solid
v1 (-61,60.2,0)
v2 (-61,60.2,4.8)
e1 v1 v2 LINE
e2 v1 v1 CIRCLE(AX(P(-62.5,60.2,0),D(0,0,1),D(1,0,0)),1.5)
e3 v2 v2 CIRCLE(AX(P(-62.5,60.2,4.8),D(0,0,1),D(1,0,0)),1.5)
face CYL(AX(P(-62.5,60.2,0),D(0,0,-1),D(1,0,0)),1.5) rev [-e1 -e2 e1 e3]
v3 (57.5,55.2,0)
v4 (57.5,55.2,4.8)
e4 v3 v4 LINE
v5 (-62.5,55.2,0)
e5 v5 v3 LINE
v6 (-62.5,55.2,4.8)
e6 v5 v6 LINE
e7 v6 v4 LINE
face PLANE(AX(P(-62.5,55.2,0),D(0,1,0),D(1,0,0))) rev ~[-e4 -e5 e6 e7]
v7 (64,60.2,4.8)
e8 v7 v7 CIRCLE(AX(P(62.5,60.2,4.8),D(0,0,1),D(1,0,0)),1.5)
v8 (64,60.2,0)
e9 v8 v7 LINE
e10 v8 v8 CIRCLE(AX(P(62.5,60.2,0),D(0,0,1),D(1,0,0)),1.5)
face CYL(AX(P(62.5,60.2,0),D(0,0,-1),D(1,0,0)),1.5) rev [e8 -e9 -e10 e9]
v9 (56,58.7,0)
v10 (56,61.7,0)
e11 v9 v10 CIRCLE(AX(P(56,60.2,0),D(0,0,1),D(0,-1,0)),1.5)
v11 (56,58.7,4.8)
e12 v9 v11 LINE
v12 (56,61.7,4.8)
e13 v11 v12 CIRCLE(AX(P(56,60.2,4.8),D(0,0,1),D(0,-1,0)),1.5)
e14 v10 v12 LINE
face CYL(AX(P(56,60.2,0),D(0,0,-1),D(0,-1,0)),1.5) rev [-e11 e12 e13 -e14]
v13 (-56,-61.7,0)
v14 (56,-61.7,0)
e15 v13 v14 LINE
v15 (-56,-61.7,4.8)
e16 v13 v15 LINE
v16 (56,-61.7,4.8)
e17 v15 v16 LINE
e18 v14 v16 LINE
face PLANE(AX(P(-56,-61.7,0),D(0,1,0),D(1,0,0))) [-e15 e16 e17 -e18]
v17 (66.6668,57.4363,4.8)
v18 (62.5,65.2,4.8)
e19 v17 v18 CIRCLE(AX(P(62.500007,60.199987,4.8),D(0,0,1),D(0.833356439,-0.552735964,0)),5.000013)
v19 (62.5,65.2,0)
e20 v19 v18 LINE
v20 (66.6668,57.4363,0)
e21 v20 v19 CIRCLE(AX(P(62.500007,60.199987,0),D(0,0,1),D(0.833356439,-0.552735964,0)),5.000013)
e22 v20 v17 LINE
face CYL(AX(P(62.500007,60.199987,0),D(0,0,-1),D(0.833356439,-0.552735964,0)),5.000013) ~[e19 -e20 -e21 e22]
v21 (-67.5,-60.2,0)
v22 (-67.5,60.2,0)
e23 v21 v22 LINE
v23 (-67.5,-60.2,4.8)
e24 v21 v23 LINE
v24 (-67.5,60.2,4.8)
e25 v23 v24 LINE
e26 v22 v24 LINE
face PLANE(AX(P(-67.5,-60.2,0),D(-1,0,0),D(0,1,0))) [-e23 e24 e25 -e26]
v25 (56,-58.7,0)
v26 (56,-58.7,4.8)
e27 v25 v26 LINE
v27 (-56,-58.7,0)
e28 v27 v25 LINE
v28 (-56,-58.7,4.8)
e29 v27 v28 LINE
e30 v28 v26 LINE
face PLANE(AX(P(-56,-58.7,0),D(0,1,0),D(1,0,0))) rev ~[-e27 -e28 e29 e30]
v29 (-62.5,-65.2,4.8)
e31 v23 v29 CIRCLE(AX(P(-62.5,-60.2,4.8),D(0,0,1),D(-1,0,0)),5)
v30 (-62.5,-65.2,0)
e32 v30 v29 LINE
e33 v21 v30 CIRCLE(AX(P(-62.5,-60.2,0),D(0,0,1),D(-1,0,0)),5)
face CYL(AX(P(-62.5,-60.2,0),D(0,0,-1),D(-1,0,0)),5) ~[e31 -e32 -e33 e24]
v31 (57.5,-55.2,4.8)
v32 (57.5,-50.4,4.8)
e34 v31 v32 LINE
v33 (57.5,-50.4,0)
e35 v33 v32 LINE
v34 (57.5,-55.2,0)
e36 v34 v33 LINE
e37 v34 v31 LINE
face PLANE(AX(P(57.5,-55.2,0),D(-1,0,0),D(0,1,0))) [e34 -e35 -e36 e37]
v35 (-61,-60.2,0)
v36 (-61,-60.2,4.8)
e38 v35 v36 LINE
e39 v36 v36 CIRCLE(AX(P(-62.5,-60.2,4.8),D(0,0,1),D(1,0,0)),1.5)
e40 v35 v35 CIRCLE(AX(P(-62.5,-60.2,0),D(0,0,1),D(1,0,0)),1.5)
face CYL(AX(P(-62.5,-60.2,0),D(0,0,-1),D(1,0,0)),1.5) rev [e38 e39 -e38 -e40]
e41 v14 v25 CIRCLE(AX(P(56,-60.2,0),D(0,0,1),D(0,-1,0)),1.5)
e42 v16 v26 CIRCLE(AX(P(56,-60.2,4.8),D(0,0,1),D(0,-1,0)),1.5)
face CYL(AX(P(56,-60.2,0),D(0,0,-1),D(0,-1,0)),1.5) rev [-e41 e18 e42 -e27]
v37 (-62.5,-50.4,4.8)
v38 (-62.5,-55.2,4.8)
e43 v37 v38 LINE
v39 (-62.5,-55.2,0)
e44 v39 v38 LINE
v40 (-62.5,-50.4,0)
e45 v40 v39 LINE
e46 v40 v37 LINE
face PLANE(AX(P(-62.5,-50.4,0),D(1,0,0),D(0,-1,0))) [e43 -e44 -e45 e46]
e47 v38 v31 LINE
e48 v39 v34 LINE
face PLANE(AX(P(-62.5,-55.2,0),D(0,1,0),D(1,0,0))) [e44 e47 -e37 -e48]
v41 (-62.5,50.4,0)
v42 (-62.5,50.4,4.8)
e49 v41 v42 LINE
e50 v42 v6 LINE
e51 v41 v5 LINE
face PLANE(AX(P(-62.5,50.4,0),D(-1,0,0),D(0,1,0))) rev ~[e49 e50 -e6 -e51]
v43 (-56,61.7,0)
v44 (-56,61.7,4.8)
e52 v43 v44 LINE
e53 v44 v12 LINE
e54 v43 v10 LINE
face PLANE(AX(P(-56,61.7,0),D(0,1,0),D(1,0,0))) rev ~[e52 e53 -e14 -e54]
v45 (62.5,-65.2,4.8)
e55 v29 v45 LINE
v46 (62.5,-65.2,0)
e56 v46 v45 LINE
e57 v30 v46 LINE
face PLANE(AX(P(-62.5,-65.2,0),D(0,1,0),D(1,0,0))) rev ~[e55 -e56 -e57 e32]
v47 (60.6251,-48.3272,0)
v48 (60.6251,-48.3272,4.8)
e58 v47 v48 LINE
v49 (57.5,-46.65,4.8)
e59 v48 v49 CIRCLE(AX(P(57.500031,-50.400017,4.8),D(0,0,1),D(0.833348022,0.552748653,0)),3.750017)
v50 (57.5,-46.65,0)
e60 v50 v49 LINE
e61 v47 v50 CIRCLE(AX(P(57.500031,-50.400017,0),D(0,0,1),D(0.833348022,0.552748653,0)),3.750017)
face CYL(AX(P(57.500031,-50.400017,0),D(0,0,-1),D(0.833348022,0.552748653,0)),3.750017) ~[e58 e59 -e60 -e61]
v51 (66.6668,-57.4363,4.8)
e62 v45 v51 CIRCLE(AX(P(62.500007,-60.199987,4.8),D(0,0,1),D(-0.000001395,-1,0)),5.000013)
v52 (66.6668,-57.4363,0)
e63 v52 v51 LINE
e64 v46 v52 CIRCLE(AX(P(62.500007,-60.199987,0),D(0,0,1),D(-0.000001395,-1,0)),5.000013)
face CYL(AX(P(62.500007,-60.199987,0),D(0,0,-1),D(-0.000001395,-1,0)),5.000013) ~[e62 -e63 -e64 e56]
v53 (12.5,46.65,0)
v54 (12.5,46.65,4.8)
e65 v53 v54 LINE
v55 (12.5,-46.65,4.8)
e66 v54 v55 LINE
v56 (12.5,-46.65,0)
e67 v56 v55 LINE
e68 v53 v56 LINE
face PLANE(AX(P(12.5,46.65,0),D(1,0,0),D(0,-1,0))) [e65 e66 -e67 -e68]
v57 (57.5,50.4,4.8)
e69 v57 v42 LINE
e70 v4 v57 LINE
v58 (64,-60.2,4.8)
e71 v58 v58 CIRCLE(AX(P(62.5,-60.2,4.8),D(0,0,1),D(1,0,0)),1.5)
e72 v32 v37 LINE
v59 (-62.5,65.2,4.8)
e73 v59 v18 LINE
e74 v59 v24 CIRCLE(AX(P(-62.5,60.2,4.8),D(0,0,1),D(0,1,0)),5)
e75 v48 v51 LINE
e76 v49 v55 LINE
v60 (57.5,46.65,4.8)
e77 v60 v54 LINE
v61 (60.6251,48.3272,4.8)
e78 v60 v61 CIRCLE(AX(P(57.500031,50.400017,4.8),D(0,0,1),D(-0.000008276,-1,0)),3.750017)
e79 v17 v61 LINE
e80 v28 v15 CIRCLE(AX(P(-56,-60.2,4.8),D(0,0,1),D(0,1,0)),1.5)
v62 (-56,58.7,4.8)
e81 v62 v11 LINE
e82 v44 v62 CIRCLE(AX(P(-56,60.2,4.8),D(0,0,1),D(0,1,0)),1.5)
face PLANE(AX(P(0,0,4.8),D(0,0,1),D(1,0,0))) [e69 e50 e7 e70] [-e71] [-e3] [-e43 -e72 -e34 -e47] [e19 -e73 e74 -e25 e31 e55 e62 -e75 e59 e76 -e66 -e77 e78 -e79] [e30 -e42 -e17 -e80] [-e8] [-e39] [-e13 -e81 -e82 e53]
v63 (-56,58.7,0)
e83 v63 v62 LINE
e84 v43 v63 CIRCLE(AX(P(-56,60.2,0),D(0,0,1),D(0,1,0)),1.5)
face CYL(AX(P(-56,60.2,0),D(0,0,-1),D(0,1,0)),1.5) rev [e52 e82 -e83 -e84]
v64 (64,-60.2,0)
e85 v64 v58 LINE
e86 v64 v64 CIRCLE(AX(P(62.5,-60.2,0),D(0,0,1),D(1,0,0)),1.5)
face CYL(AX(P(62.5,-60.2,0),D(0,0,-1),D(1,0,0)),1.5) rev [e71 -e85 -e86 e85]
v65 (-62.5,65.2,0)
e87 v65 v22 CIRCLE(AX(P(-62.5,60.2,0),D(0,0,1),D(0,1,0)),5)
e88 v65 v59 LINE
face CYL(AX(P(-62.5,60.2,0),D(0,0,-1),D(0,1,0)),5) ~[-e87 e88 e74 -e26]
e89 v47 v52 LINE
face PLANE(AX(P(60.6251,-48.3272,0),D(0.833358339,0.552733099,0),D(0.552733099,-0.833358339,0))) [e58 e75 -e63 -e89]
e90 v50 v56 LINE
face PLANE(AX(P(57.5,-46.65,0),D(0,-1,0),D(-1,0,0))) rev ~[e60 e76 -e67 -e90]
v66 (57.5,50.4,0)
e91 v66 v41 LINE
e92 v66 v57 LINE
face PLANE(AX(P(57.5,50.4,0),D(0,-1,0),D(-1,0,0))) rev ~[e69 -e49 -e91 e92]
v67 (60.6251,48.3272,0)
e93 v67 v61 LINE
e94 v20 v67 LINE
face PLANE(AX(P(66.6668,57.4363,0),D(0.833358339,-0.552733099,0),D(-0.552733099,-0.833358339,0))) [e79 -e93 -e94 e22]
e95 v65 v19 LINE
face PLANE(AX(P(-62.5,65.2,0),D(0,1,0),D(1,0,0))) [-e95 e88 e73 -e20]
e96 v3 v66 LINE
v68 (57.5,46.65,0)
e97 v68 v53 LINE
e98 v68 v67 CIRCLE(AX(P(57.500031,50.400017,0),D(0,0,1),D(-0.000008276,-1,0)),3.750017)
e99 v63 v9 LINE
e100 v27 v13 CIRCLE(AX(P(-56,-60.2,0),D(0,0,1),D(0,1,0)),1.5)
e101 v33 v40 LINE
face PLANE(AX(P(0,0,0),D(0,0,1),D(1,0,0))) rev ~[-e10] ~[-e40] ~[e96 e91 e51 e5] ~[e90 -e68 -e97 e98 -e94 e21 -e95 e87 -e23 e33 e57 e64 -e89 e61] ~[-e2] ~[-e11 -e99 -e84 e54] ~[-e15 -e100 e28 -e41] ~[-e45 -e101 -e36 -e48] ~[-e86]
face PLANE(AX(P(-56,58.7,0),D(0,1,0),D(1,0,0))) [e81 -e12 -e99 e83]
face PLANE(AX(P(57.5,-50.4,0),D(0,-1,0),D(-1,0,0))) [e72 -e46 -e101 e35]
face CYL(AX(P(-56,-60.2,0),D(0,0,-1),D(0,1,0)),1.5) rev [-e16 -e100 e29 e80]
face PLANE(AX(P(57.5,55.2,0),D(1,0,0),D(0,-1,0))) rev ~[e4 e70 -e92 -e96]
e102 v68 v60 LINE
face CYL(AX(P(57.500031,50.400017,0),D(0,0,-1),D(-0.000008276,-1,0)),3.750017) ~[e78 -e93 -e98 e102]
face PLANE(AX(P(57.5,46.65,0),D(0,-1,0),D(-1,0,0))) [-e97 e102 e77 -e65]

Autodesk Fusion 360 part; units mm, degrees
sketch "Sketch1" plane through (0, 0, 0) normal (0, 0, 1) x (1, 0, 0)
  line L0 (-62.5, 60.2) -> (62.5, 60.2) construction
  line L1 (62.5, 60.2) -> (62.5, -60.2) construction
  line L2 (62.5, -60.2) -> (-62.5, -60.2) construction
  line L3 (-62.5, -60.2) -> (-62.5, 60.2) construction
  line L4 (0, 0) -> (0, 60.2) construction
  line L5 (0, 0) -> (-62.5, 0) construction
  circle A0 centre (62.5, 60.2) radius 1.5
  circle A1 centre (-62.5, 60.2) radius 1.5
  circle A2 centre (62.5, -60.2) radius 1.5
  circle A3 centre (-62.5, -60.2) radius 1.5
  line L6 (-62.5, -65.2) -> (62.5, -65.2)
  line L7 (-67.5, -60.2) -> (-67.5, 60.2)
  line L8 (-62.5, 65.2) -> (62.5, 65.2)
  line L9 (-56, 61.7) -> (56, 61.7)
  line L10 (-56, 58.7) -> (56, 58.7)
  arc A4 (-56, 61.7) -> (-56, 58.7) centre (-56, 60.2) ccw
  arc A5 (56, 58.7) -> (56, 61.7) centre (56, 60.2) ccw
  arc A6 (-67.5, 60.2) -> (-62.5, 65.2) centre (-62.5, 60.2) ccw construction
  arc A7 (-62.5, 65.2) -> (-67.5, 60.2) centre (-62.5, 60.2) ccw
  line L11 (-62.5, 55.2) -> (57.5, 55.2)
  line L12 (57.5, 55.2) -> (57.5, 50.4)
  line L13 (57.5, 50.4) -> (-62.5, 50.4)
  line L14 (-62.5, 50.4) -> (-62.5, 55.2)
  line L15 (66.6668, 57.4363) -> (60.6251, 48.3272)
  arc A8 (62.5, 65.2) -> (66.6668, 57.4363) centre (62.5, 60.2) ccw construction
  arc A9 (66.6668, 57.4363) -> (62.5, 65.2) centre (62.5, 60.2) ccw
  arc A10 (60.6251, 48.3272) -> (60.6251, 48.3272) centre (57.5, 50.4) ccw construction
  line L16 (-56, -58.7) -> (56, -58.7)
  line L17 (-56, -61.7) -> (56, -61.7)
  arc A11 (-56, -58.7) -> (-56, -61.7) centre (-56, -60.2) ccw
  arc A12 (56, -61.7) -> (56, -58.7) centre (56, -60.2) ccw
  line L18 (-62.5, -55.2) -> (57.5, -55.2)
  line L19 (57.5, -55.2) -> (57.5, -50.4)
  line L20 (57.5, -50.4) -> (-62.5, -50.4)
  line L21 (-62.5, -50.4) -> (-62.5, -55.2)
  line L22 (57.5, -60.2) -> (57.5, -55.2) construction
  line L23 (60.6251, -48.3272) -> (66.6668, -57.4363)
  line L24 (57.5, -46.65) -> (12.5, -46.65)
  line L25 (12.5, 46.65) -> (12.5, -46.65)
  arc A13 (57.5, -46.65) -> (60.6251, -48.3272) centre (57.5, -50.4) ccw construction
  arc A14 (60.6251, -48.3272) -> (57.5, -46.65) centre (57.5, -50.4) ccw
  arc A15 (66.6668, -57.4363) -> (62.5, -65.2) centre (62.5, -60.2) ccw construction
  arc A16 (62.5, -65.2) -> (66.6668, -57.4363) centre (62.5, -60.2) ccw
  arc A17 (-62.5, -65.2) -> (-67.5, -60.2) centre (-62.5, -60.2) ccw construction
  arc A18 (-67.5, -60.2) -> (-62.5, -65.2) centre (-62.5, -60.2) ccw
  line L26 (57.5, -50.4) -> (57.5, 50.4) construction
  line L27 (57.5, 46.65) -> (12.5, 46.65)
  arc A19 (60.6251, 48.3272) -> (57.5, 46.65) centre (57.5, 50.4) ccw construction
  arc A20 (57.5, 46.65) -> (60.6251, 48.3272) centre (57.5, 50.4) ccw
  line L28 (57.5, 55.2) -> (57.5, 60.2) construction
  point P0 (-62.5, 0)
  point P1 (0, 60.2)
  dimension "d1" = 125
  dimension "d2" = 120.4
  dimension "d3" = 3
  dimension "d4" = 3
  dimension "d5" = 3
  dimension "d6" = 3
  dimension "d7" = 10
  dimension "d8" = 10
  dimension "d9" = 10
  dimension "d10" = 10
  dimension "d11" = 3
  dimension "d12" = 5
  dimension "d13" = 6.5
  dimension "d14" = 6.5
  dimension "d16" = 4.8
  dimension "d17" = 5
  dimension "d19" = 3
  dimension "d20" = 5
  dimension "d21" = 6.5
  dimension "d22" = 6.5
  dimension "d23" = 4.8
  dimension "d24" = 7.5
  dimension "d25" = 50
  dimension "d28" = 3.75
extrude "Extrude1" add sketch "Sketch1" along normal blind 4.8
